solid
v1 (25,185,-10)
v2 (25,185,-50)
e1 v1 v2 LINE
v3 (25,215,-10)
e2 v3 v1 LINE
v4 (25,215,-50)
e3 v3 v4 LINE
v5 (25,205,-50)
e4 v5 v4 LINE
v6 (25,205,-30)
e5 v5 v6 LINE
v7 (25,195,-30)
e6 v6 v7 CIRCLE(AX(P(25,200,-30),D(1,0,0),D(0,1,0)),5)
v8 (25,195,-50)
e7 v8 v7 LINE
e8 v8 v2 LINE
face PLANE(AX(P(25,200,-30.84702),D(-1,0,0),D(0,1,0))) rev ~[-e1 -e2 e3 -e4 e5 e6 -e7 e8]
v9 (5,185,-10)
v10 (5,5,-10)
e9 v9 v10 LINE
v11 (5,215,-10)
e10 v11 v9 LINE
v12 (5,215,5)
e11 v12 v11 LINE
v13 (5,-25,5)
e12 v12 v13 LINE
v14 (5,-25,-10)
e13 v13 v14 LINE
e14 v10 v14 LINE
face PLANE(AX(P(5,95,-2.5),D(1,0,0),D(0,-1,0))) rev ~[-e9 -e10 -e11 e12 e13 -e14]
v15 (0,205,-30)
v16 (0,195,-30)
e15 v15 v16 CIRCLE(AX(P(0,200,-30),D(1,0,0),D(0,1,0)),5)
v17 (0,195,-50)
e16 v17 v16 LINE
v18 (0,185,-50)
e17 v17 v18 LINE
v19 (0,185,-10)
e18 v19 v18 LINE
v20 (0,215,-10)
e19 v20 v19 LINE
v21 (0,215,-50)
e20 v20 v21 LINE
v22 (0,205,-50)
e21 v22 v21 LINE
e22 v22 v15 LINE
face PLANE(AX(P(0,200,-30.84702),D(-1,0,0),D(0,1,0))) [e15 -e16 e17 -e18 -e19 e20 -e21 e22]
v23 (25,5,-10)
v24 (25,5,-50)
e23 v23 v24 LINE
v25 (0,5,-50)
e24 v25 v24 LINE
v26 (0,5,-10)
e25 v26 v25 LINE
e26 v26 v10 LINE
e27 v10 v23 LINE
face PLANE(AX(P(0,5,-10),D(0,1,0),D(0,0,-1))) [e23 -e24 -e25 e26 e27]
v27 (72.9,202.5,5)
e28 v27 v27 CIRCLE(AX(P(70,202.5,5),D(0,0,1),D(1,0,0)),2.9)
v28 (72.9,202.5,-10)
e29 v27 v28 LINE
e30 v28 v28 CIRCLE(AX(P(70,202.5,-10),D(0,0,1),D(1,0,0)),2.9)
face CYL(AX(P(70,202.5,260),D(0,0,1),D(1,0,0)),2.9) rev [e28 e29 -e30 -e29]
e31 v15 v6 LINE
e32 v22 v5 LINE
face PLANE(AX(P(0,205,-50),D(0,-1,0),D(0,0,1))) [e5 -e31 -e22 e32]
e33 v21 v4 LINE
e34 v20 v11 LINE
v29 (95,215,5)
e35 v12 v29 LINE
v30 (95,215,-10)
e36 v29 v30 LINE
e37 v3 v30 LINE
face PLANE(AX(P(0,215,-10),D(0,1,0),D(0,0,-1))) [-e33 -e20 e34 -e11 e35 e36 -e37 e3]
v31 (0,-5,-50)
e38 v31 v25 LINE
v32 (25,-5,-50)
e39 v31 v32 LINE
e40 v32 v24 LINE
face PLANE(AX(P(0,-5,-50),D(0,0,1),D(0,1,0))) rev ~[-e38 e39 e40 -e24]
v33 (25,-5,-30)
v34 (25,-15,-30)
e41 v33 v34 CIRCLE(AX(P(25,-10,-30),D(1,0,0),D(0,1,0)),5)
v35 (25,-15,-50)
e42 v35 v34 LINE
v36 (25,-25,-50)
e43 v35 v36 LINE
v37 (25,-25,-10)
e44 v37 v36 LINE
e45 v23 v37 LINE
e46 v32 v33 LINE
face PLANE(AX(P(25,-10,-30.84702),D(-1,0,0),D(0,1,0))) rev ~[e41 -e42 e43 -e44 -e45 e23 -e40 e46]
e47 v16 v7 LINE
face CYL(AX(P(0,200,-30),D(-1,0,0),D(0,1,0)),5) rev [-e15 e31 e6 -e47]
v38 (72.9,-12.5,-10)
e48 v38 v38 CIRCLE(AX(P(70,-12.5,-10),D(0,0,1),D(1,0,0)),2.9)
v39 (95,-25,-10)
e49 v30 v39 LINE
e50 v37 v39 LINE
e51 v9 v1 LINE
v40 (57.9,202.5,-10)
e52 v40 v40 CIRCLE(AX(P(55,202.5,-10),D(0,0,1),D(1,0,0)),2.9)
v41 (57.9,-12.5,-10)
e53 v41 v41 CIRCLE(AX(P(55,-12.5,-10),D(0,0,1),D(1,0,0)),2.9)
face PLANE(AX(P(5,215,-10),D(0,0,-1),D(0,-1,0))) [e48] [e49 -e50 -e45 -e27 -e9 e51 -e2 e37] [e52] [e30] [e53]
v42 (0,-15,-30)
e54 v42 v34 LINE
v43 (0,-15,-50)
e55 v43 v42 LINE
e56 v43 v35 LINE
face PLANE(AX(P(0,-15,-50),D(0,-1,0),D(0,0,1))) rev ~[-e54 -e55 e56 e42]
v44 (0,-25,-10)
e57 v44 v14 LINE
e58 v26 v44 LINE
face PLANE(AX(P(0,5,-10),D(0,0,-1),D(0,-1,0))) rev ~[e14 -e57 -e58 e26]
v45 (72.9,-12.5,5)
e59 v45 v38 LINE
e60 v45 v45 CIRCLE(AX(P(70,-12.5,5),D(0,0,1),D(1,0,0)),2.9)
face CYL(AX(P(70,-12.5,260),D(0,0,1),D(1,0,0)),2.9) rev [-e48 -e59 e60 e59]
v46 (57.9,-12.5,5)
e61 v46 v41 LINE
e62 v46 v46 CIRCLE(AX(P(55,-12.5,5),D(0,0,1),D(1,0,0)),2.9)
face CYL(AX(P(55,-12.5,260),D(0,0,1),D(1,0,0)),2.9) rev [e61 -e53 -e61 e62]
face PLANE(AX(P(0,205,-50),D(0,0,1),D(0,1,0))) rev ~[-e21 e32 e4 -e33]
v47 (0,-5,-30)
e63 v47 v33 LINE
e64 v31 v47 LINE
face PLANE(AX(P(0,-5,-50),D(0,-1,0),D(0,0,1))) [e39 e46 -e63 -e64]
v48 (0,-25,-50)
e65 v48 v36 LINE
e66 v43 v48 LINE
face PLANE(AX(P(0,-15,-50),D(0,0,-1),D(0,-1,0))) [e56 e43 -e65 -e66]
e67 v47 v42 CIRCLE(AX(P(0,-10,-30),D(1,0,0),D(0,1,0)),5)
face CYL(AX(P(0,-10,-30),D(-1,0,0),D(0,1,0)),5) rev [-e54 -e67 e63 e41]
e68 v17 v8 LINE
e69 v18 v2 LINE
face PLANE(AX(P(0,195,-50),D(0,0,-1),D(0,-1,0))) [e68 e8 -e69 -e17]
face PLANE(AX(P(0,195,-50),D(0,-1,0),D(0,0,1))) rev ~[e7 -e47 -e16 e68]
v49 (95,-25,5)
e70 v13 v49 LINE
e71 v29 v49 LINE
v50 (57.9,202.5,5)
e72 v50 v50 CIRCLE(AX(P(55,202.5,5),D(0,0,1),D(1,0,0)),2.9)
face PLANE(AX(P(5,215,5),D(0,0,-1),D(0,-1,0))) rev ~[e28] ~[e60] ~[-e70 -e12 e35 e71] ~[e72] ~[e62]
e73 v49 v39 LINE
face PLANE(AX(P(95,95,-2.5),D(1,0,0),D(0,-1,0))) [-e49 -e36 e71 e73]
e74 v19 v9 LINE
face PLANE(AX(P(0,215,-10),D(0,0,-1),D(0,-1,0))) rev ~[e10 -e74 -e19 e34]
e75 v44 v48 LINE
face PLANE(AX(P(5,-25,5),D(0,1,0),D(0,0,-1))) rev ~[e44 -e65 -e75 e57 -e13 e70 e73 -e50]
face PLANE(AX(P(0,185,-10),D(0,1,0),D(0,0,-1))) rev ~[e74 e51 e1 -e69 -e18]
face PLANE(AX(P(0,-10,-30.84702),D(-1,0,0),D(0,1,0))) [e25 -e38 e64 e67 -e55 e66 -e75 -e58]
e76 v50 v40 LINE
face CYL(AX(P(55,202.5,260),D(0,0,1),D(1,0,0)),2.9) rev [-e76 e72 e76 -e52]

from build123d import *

# Parameters (mm, degrees)
SKETCH011_W              = 240
SKETCH011_H              = 15
PAD007_DEPTH             = 90
SKETCH012_R              = 2.9
HOLE004_DEPTH            = 270.001
PAD008_DEPTH             = 25
CLONE007_PLACEMENT_ANGLE = 180


with BuildPart() as part:
    # Sketch011 → Pad007 (new body)
    with BuildSketch(Plane.YZ.offset(5)):
        with Locations((95, 262.5)):
            Rectangle(SKETCH011_W, SKETCH011_H)
    extrude(amount=PAD007_DEPTH)

    # Sketch012 → Hole004 (cut, through all)
    with BuildSketch(Plane.XY):
        with Locations((55, 202.5)):
            Circle(SKETCH012_R)
        with Locations((70, 202.5)):
            Circle(SKETCH012_R)
        with Locations((55, -12.5)):
            Circle(SKETCH012_R)
        with Locations((70, -12.5)):
            Circle(SKETCH012_R)
    extrude(amount=HOLE004_DEPTH, mode=Mode.SUBTRACT)

    # Sketch013 → Pad008 (join)
    with BuildSketch(Plane.YZ):
        with BuildLine():
            Line((-25, 270), (-25, 310))
            Line((-15, 310), (-25, 310))
            Line((-15, 310), (-15, 290))
            ThreePointArc((-15, 290), (-10, 285), (-5, 290))
            Line((-5, 310), (-5, 290))
            Line((-5, 310), (5, 310))
            Line((5, 270), (5, 310))
            Line((-25, 270), (5, 270))
        make_face()
        with BuildLine():
            Line((185, 270), (185, 310))
            Line((195, 310), (185, 310))
            Line((195, 310), (195, 290))
            ThreePointArc((195, 290), (200, 285), (205, 290))
            Line((205, 310), (205, 290))
            Line((205, 310), (215, 310))
            Line((215, 270), (215, 310))
            Line((185, 270), (215, 270))
        make_face()
    extrude(amount=PAD008_DEPTH)


with BuildPart() as part_1:
    # Clone007 placement: moved
    add(part.part.moved(Location((0, 190, 260))).rotate(Axis((0, 190, 260), (1, 0, 0)), CLONE007_PLACEMENT_ANGLE))


solid = part_1.part
